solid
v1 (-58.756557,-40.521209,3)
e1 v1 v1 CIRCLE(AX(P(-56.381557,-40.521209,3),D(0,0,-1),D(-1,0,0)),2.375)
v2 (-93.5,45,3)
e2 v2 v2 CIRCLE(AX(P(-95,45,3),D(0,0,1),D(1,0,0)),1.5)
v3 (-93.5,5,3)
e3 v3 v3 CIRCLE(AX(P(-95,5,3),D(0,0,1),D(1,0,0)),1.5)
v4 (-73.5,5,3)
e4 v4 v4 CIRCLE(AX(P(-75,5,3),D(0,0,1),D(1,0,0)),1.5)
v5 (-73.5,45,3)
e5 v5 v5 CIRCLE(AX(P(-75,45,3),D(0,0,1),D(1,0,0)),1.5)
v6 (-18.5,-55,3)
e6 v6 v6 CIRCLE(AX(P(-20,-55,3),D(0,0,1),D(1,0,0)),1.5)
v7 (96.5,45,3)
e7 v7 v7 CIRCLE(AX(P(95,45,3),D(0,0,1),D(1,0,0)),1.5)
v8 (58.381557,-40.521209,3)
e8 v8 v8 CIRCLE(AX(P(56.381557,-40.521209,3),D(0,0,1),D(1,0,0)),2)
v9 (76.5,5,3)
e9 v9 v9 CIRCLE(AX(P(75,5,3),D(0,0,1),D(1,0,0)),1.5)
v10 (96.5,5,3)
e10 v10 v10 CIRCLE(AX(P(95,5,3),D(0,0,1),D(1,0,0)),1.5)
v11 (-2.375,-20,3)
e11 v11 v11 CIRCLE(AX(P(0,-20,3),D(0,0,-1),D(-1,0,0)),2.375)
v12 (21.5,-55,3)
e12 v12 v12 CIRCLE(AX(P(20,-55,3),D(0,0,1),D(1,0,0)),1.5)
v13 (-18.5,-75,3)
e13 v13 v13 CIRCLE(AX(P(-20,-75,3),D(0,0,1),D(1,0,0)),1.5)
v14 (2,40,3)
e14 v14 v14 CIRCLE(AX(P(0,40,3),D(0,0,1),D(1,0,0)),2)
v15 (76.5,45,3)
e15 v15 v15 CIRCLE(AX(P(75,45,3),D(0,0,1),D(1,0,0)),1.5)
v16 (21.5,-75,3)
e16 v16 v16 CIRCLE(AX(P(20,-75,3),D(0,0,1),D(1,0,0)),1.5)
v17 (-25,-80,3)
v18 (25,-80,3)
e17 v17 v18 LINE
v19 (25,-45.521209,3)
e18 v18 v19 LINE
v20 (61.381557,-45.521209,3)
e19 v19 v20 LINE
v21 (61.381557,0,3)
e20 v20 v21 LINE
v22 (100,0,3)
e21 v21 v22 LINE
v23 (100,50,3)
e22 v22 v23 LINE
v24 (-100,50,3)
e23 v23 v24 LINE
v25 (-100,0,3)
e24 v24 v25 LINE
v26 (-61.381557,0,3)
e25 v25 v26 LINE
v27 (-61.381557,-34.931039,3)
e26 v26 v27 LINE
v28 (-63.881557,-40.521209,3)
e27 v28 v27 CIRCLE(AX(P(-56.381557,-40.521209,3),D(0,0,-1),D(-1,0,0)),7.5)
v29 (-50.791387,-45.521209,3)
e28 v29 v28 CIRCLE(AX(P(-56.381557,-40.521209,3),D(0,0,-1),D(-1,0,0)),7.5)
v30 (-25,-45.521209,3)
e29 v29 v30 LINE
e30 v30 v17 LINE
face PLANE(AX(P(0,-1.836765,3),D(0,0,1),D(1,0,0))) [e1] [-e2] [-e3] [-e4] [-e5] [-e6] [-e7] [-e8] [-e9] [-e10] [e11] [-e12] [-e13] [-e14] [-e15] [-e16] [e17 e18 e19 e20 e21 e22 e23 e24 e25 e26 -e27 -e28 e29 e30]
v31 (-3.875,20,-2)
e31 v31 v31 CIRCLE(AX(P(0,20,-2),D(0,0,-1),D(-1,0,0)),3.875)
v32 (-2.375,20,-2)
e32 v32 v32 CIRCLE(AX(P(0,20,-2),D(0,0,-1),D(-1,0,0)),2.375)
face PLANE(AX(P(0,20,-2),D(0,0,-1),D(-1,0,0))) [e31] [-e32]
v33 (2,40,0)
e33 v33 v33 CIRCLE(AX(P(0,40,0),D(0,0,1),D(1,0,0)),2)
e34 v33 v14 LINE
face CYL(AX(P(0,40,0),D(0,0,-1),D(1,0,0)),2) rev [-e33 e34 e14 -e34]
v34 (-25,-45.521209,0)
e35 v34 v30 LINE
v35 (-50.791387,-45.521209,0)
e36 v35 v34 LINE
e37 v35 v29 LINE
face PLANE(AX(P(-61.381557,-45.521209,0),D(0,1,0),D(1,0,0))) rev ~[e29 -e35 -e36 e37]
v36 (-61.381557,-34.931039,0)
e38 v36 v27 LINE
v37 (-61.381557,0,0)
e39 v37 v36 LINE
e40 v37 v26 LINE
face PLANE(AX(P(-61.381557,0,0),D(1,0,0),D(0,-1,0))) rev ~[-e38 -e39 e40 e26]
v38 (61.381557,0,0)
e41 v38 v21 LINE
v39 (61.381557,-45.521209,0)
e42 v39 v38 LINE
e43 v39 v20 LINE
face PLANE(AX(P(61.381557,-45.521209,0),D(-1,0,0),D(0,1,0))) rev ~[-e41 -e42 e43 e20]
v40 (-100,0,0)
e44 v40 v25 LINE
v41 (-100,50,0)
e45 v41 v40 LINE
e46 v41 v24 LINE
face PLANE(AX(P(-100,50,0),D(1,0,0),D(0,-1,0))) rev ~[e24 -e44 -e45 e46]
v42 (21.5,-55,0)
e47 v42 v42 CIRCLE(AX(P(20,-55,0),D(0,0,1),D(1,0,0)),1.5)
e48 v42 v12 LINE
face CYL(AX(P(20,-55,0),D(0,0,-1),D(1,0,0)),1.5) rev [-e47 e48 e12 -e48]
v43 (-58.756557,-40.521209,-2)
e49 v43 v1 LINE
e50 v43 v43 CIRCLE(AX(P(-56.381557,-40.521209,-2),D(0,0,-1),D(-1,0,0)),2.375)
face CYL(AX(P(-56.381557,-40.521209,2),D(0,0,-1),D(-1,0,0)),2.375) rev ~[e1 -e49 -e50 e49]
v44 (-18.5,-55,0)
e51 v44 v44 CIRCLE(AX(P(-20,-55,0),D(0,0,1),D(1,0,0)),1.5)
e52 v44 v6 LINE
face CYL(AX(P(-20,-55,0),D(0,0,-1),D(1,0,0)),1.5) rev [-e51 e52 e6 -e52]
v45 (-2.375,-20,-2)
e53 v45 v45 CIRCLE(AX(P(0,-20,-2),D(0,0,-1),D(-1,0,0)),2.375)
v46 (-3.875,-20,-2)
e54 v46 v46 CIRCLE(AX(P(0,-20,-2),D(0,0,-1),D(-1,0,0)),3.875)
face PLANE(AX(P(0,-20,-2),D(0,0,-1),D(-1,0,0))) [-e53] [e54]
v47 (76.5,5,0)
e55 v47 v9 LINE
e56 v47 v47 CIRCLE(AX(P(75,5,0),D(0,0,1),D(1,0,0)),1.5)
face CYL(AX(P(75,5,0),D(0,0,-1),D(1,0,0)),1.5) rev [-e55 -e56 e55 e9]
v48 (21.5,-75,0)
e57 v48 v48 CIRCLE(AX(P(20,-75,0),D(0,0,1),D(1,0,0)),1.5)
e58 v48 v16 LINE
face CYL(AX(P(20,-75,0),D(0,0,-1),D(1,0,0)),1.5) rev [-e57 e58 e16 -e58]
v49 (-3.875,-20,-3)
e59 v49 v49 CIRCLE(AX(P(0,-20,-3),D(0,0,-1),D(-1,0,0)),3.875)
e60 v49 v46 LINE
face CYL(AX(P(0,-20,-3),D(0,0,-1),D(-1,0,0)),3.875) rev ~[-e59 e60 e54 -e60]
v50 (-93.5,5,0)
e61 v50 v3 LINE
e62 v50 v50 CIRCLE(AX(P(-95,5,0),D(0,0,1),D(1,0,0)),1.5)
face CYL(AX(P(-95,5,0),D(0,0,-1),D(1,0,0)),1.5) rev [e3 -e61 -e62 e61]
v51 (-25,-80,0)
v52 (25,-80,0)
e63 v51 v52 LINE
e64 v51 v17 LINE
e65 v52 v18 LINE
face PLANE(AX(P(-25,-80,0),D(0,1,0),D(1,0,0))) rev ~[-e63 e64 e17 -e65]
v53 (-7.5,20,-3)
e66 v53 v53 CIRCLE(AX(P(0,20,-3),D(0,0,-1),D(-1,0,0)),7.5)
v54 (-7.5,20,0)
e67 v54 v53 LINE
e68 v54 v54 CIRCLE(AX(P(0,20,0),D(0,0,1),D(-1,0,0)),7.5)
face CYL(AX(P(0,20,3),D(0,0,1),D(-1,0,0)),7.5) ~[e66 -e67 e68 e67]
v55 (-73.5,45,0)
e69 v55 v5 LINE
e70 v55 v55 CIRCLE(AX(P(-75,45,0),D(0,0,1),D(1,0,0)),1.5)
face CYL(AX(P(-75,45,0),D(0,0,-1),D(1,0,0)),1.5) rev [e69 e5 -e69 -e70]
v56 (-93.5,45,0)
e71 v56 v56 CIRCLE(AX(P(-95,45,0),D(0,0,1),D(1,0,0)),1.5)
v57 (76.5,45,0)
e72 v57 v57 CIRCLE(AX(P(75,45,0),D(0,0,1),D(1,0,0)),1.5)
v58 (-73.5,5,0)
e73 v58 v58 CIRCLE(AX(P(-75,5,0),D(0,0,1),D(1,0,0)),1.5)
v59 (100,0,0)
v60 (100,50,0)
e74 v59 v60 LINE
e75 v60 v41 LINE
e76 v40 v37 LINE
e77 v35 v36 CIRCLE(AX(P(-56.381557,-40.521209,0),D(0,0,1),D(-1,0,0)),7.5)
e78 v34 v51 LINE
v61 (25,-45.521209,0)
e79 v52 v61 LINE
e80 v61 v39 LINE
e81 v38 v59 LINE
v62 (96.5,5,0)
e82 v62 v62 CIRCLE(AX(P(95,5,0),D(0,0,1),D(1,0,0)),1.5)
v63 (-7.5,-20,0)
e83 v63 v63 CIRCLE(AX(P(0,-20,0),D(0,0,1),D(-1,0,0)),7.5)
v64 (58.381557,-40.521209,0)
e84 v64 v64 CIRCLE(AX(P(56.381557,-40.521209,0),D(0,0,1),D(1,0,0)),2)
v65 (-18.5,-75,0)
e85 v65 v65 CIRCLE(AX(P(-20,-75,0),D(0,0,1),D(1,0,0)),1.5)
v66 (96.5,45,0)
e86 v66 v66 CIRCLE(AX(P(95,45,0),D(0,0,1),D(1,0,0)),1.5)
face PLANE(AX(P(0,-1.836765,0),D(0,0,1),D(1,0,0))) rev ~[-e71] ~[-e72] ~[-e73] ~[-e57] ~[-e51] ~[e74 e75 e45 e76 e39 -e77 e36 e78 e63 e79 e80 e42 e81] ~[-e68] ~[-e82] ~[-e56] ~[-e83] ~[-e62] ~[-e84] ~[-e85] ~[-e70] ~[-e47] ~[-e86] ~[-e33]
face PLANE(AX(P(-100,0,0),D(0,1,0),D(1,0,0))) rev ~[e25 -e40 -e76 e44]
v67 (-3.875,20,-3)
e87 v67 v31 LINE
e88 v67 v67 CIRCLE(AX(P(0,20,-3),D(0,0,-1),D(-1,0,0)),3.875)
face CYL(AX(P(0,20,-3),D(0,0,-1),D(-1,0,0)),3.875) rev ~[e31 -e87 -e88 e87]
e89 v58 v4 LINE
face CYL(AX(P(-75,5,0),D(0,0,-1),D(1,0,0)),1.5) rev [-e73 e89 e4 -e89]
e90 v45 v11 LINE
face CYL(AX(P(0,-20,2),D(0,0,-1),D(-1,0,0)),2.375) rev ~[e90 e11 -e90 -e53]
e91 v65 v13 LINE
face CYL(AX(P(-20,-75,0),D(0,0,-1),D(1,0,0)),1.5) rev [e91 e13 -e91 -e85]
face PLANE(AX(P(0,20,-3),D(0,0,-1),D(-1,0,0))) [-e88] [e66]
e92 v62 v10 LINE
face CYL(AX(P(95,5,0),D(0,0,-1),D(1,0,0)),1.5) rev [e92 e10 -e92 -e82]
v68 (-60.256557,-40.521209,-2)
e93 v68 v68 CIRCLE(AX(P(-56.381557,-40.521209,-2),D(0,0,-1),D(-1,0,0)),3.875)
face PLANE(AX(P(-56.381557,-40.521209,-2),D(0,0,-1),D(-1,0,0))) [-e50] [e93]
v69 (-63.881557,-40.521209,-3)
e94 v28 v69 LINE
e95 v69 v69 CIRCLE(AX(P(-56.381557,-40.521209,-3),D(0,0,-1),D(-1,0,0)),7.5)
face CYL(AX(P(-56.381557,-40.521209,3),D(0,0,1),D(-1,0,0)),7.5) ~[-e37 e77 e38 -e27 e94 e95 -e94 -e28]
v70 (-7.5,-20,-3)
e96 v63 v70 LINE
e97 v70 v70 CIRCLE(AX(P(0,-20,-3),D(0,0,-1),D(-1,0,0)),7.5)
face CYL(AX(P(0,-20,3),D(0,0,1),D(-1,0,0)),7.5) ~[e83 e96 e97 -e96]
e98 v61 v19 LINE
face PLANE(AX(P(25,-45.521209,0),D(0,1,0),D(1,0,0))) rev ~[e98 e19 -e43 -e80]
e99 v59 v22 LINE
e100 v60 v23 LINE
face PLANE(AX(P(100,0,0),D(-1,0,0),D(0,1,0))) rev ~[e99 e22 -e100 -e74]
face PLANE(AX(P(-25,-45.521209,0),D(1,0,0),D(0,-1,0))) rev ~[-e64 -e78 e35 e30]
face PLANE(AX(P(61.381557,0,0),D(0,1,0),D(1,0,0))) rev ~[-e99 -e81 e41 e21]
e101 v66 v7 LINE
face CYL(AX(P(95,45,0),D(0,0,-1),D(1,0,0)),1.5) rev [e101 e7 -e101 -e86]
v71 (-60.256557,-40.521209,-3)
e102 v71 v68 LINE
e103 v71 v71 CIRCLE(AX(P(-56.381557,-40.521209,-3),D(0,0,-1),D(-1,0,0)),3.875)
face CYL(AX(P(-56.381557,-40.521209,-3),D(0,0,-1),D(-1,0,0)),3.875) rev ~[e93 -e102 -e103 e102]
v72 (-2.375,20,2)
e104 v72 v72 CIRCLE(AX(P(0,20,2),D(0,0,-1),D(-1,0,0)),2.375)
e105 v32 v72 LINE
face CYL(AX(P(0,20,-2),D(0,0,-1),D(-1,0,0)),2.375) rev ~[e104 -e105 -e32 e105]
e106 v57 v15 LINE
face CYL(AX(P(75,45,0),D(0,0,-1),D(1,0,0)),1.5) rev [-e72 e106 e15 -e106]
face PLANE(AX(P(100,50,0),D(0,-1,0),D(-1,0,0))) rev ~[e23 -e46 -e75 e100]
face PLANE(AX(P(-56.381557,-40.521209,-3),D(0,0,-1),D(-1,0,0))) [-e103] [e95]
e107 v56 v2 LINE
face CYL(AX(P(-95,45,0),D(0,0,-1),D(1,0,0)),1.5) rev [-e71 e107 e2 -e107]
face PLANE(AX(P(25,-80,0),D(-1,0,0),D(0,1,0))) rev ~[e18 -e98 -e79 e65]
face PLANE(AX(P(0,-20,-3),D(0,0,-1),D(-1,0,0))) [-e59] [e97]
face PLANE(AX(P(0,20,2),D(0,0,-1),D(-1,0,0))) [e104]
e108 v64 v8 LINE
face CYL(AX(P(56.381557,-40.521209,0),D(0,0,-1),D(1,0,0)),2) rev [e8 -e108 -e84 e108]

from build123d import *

# Parameters (mm, degrees)
ESQUISSE1_R             = 2
ESQUISSE1_R_2           = 1.5
BOSS_EXTRU_1_DEPTH      = 3
BOSS_EXTRU_2_START      = -3
ESQUISSE3_R             = 7.5
BOSS_EXTRU_2_DEPTH      = 6
ESQUISSE4_R             = 3.875
ENL_V_MAT_EXTRU_1_DEPTH = 1
ESQUISSE5_R             = 2.375
ENL_V_MAT_EXTRU_2_DEPTH = 4
ENL_V_MAT_EXTRU_3_REACH = 3
ESQUISSE6_R             = 2.375


with BuildPart() as part:
    # Esquisse1 → Boss.-Extru.1 (new body)
    with BuildSketch(Plane.XY):
        Polygon((0, 50), (-100, 50), (-100, 0), (-61.381557247, 0), (-61.381557247, -45.5212086), (-25, -45.5212086), (-25, -80), (25, -80), (25, -45.5212086), (61.381557247, -45.5212086), (61.381557247, 0), (100, 0), (100, 50), align=None)
        with Locations((0, 20)):
            Circle(ESQUISSE1_R, mode=Mode.SUBTRACT)
        with Locations((0, -20)):
            Circle(ESQUISSE1_R, mode=Mode.SUBTRACT)
        with Locations((0, 40)):
            Circle(ESQUISSE1_R, mode=Mode.SUBTRACT)
        with Locations((-20, -55)):
            Circle(ESQUISSE1_R_2, mode=Mode.SUBTRACT)
        with Locations((20, -55)):
            Circle(ESQUISSE1_R_2, mode=Mode.SUBTRACT)
        with Locations((20, -75)):
            Circle(ESQUISSE1_R_2, mode=Mode.SUBTRACT)
        with Locations((-20, -75)):
            Circle(ESQUISSE1_R_2, mode=Mode.SUBTRACT)
        with Locations((-95, 45)):
            Circle(ESQUISSE1_R_2, mode=Mode.SUBTRACT)
        with Locations((-75, 45)):
            Circle(ESQUISSE1_R_2, mode=Mode.SUBTRACT)
        with Locations((-75, 5)):
            Circle(ESQUISSE1_R_2, mode=Mode.SUBTRACT)
        with Locations((-95, 5)):
            Circle(ESQUISSE1_R_2, mode=Mode.SUBTRACT)
        with Locations((75, 5)):
            Circle(ESQUISSE1_R_2, mode=Mode.SUBTRACT)
        with Locations((95, 5)):
            Circle(ESQUISSE1_R_2, mode=Mode.SUBTRACT)
        with Locations((75, 45)):
            Circle(ESQUISSE1_R_2, mode=Mode.SUBTRACT)
        with Locations((95, 45)):
            Circle(ESQUISSE1_R_2, mode=Mode.SUBTRACT)
        with Locations((56.381557247, -40.5212086)):
            Circle(ESQUISSE1_R, mode=Mode.SUBTRACT)
        with Locations((-56.381557247, -40.5212086)):
            Circle(ESQUISSE1_R, mode=Mode.SUBTRACT)
    extrude(amount=BOSS_EXTRU_1_DEPTH)

    # Esquisse3 → Boss.-Extru.2 (add)
    with BuildSketch(Plane(origin=(0, 0, 0), x_dir=(-1, 0, 0), z_dir=(0, 0, -1)).offset(BOSS_EXTRU_2_START)):
        with Locations((0, 20)):
            Circle(ESQUISSE3_R)
        with Locations((56.381557247, -40.5212086)):
            Circle(ESQUISSE3_R)
        with Locations((0, -20)):
            Circle(ESQUISSE3_R)
    extrude(amount=BOSS_EXTRU_2_DEPTH)

    # Esquisse4 → Enlèv. mat.-Extru.1 (cut)
    with BuildSketch(Plane(origin=(0, 0, -3), x_dir=(-1, 0, 0), z_dir=(0, 0, -1))):
        with Locations((56.381557247, -40.5212086)):
            Circle(ESQUISSE4_R)
        with Locations((0, 20)):
            Circle(ESQUISSE4_R)
        with Locations((0, -20)):
            Circle(ESQUISSE4_R)
    extrude(amount=-ENL_V_MAT_EXTRU_1_DEPTH, mode=Mode.SUBTRACT)

    # Esquisse5 → Enlèv. mat.-Extru.2 (cut)
    with BuildSketch(Plane(origin=(0, 0, -2), x_dir=(-1, 0, 0), z_dir=(0, 0, -1))):
        with Locations((56.381557247, -40.5212086)):
            Circle(ESQUISSE5_R)
        with Locations((0, 20)):
            Circle(ESQUISSE5_R)
        with Locations((0, -20)):
            Circle(ESQUISSE5_R)
    extrude(amount=-ENL_V_MAT_EXTRU_2_DEPTH, mode=Mode.SUBTRACT)

    # Esquisse6 → Enlèv. mat.-Extru.3 (cut, up to next)
    with BuildSketch(Plane(origin=(0, 0, 2), x_dir=(-1, 0, 0), z_dir=(0, 0, -1)), mode=Mode.PRIVATE) as enl_v_mat_extru_3_sk1:
        with Locations((56.381557247, -40.5212086)):
            Circle(ESQUISSE6_R)
    enl_v_mat_extru_3_tool1 = extrude(enl_v_mat_extru_3_sk1.sketch, amount=-ENL_V_MAT_EXTRU_3_REACH, mode=Mode.PRIVATE) & part.part
    add(enl_v_mat_extru_3_tool1.solids().sort_by_distance((-56.381557, -40.521209, 2))[0], mode=Mode.SUBTRACT)
    # Esquisse6 → Enlèv. mat.-Extru.3 (cut, up to next)
    with BuildSketch(Plane(origin=(0, 0, 2), x_dir=(-1, 0, 0), z_dir=(0, 0, -1)), mode=Mode.PRIVATE) as enl_v_mat_extru_3_sk2:
        with Locations((0, -20)):
            Circle(ESQUISSE6_R)
    enl_v_mat_extru_3_tool2 = extrude(enl_v_mat_extru_3_sk2.sketch, amount=-ENL_V_MAT_EXTRU_3_REACH, mode=Mode.PRIVATE) & part.part
    add(enl_v_mat_extru_3_tool2.solids().sort_by_distance((0, -20, 2))[0], mode=Mode.SUBTRACT)


solid = part.part
